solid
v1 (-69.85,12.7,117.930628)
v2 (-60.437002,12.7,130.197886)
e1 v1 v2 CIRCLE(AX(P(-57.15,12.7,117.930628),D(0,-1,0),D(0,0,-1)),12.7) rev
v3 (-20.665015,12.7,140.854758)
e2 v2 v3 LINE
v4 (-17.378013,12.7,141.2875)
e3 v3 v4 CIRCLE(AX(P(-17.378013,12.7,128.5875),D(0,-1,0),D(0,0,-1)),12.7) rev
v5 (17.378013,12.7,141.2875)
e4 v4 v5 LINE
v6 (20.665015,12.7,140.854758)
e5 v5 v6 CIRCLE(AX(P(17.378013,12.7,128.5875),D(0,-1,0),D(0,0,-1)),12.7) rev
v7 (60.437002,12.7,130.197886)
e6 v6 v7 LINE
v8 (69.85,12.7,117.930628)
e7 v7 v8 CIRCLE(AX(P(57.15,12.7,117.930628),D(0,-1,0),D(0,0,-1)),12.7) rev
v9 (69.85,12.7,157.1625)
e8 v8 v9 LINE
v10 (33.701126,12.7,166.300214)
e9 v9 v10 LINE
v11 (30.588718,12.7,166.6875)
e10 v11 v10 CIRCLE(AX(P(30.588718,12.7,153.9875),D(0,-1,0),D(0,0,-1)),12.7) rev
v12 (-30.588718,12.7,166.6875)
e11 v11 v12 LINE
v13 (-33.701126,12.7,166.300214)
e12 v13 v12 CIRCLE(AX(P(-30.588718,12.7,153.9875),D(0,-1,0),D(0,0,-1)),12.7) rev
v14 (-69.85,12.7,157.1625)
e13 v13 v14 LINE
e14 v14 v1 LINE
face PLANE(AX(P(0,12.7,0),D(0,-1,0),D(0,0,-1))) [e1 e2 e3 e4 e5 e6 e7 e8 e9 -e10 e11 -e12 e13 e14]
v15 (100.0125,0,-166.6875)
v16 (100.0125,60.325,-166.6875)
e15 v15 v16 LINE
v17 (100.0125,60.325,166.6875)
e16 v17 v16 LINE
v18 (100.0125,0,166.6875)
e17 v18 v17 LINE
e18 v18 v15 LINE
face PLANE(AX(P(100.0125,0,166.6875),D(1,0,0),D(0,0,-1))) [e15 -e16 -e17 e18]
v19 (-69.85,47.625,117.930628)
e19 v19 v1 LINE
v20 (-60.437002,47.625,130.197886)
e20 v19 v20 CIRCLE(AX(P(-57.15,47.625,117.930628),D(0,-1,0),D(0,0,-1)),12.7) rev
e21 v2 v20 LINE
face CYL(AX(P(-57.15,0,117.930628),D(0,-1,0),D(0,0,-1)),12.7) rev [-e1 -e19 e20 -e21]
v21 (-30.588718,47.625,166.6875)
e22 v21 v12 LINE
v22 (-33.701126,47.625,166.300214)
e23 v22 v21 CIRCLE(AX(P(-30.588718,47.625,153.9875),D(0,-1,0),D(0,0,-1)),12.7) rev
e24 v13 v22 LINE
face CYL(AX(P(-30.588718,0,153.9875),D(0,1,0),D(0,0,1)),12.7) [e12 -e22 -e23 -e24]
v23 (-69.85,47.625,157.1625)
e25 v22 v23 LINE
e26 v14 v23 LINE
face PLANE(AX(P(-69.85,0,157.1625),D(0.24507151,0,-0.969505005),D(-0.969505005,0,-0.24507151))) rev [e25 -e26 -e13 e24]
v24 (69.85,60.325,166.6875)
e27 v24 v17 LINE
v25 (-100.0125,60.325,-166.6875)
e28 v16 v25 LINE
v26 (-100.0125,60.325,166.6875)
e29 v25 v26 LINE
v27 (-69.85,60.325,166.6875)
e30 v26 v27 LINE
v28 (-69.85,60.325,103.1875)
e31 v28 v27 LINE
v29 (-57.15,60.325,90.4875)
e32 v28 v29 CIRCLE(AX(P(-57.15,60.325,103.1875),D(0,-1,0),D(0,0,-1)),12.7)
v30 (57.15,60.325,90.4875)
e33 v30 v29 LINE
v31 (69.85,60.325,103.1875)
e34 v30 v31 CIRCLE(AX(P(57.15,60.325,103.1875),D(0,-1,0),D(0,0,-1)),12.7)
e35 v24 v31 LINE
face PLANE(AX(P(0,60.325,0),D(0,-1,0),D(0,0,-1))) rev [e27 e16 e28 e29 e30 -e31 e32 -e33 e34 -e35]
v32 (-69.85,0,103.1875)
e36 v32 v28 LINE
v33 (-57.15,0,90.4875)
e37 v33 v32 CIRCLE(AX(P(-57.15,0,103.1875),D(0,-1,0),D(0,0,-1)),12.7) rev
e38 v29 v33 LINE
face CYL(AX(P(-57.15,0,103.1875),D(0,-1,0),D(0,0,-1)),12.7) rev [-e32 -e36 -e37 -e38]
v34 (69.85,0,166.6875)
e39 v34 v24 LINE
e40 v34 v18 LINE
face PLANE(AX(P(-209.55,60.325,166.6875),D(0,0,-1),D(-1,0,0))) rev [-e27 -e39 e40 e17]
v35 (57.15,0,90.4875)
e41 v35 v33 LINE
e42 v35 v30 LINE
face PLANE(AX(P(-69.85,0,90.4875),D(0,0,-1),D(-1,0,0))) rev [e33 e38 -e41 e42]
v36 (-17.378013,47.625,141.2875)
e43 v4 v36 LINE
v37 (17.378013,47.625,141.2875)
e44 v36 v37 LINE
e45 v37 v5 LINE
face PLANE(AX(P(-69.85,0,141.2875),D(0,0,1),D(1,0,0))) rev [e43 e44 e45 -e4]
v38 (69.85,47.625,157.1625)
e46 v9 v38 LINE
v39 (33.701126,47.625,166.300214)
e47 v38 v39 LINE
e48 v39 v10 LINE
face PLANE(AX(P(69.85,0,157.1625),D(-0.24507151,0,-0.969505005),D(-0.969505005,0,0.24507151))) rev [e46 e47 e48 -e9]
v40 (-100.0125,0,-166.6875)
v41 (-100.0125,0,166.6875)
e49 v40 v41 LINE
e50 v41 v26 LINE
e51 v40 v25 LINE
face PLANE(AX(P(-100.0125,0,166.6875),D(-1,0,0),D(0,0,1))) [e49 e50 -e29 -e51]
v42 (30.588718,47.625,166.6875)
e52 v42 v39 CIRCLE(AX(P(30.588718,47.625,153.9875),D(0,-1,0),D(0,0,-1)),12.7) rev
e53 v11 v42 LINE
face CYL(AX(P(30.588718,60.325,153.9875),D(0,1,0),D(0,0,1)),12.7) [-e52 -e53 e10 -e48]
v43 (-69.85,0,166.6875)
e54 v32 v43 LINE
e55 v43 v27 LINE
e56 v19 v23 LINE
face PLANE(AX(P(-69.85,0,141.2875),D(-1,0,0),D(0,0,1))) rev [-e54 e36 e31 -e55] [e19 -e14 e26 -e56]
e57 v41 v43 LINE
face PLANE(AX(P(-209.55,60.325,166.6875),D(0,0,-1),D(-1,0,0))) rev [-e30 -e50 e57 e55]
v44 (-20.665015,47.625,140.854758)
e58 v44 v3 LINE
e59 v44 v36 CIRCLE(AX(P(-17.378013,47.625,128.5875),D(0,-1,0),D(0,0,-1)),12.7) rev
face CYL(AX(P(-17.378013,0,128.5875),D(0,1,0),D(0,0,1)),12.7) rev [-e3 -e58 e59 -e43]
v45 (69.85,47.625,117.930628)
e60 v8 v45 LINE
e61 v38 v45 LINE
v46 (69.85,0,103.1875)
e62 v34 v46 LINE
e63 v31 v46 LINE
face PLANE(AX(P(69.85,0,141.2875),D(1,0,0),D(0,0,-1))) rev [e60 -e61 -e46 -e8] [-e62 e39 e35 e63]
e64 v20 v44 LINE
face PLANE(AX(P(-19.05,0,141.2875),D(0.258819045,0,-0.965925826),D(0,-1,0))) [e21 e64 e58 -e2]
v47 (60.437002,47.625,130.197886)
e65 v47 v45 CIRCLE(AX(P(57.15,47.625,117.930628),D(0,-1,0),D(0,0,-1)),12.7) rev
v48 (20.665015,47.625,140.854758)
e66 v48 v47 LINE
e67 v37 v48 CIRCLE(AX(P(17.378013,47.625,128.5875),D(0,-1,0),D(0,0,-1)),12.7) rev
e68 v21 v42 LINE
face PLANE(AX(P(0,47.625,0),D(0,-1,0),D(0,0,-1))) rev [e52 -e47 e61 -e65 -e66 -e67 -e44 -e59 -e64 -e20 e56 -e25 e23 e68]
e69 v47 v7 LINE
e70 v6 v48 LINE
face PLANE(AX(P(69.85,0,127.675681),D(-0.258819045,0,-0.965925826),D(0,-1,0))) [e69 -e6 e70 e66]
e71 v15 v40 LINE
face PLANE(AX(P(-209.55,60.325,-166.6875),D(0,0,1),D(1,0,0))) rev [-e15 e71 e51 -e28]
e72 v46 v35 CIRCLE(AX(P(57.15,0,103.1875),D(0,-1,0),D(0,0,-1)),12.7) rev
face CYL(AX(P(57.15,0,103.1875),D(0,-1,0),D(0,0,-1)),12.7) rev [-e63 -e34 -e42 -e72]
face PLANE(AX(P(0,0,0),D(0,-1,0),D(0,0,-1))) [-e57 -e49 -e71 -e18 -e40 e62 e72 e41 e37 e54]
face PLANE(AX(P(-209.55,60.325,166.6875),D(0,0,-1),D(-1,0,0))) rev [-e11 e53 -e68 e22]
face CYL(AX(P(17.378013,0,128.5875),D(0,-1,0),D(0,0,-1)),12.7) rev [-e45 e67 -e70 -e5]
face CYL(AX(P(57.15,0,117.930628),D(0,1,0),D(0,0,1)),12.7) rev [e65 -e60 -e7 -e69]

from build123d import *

# Parameters (mm, degrees)
SKETCH1_W           = 419.1
SKETCH1_H           = 333.375
BOSS_EXTRUDE1_DEPTH = 60.325
SKETCH2_W           = 139.7
SKETCH2_H           = 50.8
CUT_EXTRUDE1_DEPTH  = 61.325
CHAMFER1_SIZE       = 50.8
CHAMFER1_SIZE2      = 13.611818976
FILLET1_R           = 12.7
SKETCH3_W           = 139.7
SKETCH3_H           = 56.403006085
CUT_EXTRUDE2_DEPTH  = 12.7
SKETCH4_W           = 139.7
SKETCH4_H           = 56.128435861
CUT_EXTRUDE3_DEPTH  = 12.7
SKETCH5_OUTSIDE_W   = 528.882
SKETCH5_OUTSIDE_H   = 443.156
SKETCH5_OUTSIDE_W_2 = 200.025
SKETCH5_OUTSIDE_H_2 = 333.375
CUT_EXTRUDE4_DEPTH  = 61.325


with BuildPart() as part:
    # Sketch1 → Boss-Extrude1 (new body)
    with BuildSketch(Plane(origin=(0, 0, 0), x_dir=(1, 0, 0), z_dir=(0, 1, 0))):
        Rectangle(SKETCH1_W, SKETCH1_H)
    extrude(amount=BOSS_EXTRUDE1_DEPTH)

    # Sketch2 → Cut-Extrude1 (cut, through all)
    with BuildSketch(Plane(origin=(0, 60.325, 0), x_dir=(1, 0, 0), z_dir=(0, 1, 0))):
        with Locations((0, -115.8875)):
            Rectangle(SKETCH2_W, SKETCH2_H)
        Polygon((-69.85, -166.6875), (-69.85, -157.1625), (-32.169017961, -166.6875), align=None)
        Polygon((32.169017961, -166.6875), (69.85, -166.6875), (69.85, -157.1625), align=None)
    extrude(amount=-CUT_EXTRUDE1_DEPTH, mode=Mode.SUBTRACT)

    # Chamfer1
    chamfer1_edges = [part.edges().sort_by_distance(p)[0] for p in [
        (69.85, 30.1625, 141.2875),
        (-69.85, 30.1625, 141.2875),
    ]]
    chamfer1_side = [part.faces().sort_by_distance(p)[0] for p in [
        (0, 30.1625, 141.2875),
    ]]
    chamfer(chamfer1_edges, length=CHAMFER1_SIZE, length2=CHAMFER1_SIZE2, reference=chamfer1_side[0])

    # Fillet1
    fillet1_edges = [part.edges().sort_by_distance(p)[0] for p in [
        (69.85, 30.1625, 90.4875),
        (-69.85, 30.1625, 90.4875),
        (-32.169017961, 30.1625, 166.6875),
        (32.169017961, 30.1625, 166.6875),
        (69.85, 30.1625, 127.675681024),
        (-19.05, 30.1625, 141.2875),
        (19.05, 30.1625, 141.2875),
        (-69.85, 30.1625, 127.675681024),
    ]]
    fillet(fillet1_edges, radius=FILLET1_R)

    # Sketch3 → Cut-Extrude2 (cut)
    with BuildSketch(Plane(origin=(0, 60.325, 0), x_dir=(1, 0, 0), z_dir=(0, 1, 0))):
        with Locations((0, -138.485996957)):
            Rectangle(SKETCH3_W, SKETCH3_H)
    extrude(amount=-CUT_EXTRUDE2_DEPTH, mode=Mode.SUBTRACT)

    # Sketch4 → Cut-Extrude3 (cut)
    with BuildSketch(Plane.XZ):
        with Locations((0, 138.623282069)):
            Rectangle(SKETCH4_W, SKETCH4_H)
    extrude(amount=-CUT_EXTRUDE3_DEPTH, mode=Mode.SUBTRACT)

    # Sketch5 outside → Cut-Extrude4 (cut, through all)
    with BuildSketch(Plane(origin=(0, 60.325, 0), x_dir=(1, 0, 0), z_dir=(0, 1, 0))):
        Rectangle(SKETCH5_OUTSIDE_W, SKETCH5_OUTSIDE_H)
        Rectangle(SKETCH5_OUTSIDE_W_2, SKETCH5_OUTSIDE_H_2, mode=Mode.SUBTRACT)
    extrude(amount=-CUT_EXTRUDE4_DEPTH, mode=Mode.SUBTRACT)


solid = part.part
